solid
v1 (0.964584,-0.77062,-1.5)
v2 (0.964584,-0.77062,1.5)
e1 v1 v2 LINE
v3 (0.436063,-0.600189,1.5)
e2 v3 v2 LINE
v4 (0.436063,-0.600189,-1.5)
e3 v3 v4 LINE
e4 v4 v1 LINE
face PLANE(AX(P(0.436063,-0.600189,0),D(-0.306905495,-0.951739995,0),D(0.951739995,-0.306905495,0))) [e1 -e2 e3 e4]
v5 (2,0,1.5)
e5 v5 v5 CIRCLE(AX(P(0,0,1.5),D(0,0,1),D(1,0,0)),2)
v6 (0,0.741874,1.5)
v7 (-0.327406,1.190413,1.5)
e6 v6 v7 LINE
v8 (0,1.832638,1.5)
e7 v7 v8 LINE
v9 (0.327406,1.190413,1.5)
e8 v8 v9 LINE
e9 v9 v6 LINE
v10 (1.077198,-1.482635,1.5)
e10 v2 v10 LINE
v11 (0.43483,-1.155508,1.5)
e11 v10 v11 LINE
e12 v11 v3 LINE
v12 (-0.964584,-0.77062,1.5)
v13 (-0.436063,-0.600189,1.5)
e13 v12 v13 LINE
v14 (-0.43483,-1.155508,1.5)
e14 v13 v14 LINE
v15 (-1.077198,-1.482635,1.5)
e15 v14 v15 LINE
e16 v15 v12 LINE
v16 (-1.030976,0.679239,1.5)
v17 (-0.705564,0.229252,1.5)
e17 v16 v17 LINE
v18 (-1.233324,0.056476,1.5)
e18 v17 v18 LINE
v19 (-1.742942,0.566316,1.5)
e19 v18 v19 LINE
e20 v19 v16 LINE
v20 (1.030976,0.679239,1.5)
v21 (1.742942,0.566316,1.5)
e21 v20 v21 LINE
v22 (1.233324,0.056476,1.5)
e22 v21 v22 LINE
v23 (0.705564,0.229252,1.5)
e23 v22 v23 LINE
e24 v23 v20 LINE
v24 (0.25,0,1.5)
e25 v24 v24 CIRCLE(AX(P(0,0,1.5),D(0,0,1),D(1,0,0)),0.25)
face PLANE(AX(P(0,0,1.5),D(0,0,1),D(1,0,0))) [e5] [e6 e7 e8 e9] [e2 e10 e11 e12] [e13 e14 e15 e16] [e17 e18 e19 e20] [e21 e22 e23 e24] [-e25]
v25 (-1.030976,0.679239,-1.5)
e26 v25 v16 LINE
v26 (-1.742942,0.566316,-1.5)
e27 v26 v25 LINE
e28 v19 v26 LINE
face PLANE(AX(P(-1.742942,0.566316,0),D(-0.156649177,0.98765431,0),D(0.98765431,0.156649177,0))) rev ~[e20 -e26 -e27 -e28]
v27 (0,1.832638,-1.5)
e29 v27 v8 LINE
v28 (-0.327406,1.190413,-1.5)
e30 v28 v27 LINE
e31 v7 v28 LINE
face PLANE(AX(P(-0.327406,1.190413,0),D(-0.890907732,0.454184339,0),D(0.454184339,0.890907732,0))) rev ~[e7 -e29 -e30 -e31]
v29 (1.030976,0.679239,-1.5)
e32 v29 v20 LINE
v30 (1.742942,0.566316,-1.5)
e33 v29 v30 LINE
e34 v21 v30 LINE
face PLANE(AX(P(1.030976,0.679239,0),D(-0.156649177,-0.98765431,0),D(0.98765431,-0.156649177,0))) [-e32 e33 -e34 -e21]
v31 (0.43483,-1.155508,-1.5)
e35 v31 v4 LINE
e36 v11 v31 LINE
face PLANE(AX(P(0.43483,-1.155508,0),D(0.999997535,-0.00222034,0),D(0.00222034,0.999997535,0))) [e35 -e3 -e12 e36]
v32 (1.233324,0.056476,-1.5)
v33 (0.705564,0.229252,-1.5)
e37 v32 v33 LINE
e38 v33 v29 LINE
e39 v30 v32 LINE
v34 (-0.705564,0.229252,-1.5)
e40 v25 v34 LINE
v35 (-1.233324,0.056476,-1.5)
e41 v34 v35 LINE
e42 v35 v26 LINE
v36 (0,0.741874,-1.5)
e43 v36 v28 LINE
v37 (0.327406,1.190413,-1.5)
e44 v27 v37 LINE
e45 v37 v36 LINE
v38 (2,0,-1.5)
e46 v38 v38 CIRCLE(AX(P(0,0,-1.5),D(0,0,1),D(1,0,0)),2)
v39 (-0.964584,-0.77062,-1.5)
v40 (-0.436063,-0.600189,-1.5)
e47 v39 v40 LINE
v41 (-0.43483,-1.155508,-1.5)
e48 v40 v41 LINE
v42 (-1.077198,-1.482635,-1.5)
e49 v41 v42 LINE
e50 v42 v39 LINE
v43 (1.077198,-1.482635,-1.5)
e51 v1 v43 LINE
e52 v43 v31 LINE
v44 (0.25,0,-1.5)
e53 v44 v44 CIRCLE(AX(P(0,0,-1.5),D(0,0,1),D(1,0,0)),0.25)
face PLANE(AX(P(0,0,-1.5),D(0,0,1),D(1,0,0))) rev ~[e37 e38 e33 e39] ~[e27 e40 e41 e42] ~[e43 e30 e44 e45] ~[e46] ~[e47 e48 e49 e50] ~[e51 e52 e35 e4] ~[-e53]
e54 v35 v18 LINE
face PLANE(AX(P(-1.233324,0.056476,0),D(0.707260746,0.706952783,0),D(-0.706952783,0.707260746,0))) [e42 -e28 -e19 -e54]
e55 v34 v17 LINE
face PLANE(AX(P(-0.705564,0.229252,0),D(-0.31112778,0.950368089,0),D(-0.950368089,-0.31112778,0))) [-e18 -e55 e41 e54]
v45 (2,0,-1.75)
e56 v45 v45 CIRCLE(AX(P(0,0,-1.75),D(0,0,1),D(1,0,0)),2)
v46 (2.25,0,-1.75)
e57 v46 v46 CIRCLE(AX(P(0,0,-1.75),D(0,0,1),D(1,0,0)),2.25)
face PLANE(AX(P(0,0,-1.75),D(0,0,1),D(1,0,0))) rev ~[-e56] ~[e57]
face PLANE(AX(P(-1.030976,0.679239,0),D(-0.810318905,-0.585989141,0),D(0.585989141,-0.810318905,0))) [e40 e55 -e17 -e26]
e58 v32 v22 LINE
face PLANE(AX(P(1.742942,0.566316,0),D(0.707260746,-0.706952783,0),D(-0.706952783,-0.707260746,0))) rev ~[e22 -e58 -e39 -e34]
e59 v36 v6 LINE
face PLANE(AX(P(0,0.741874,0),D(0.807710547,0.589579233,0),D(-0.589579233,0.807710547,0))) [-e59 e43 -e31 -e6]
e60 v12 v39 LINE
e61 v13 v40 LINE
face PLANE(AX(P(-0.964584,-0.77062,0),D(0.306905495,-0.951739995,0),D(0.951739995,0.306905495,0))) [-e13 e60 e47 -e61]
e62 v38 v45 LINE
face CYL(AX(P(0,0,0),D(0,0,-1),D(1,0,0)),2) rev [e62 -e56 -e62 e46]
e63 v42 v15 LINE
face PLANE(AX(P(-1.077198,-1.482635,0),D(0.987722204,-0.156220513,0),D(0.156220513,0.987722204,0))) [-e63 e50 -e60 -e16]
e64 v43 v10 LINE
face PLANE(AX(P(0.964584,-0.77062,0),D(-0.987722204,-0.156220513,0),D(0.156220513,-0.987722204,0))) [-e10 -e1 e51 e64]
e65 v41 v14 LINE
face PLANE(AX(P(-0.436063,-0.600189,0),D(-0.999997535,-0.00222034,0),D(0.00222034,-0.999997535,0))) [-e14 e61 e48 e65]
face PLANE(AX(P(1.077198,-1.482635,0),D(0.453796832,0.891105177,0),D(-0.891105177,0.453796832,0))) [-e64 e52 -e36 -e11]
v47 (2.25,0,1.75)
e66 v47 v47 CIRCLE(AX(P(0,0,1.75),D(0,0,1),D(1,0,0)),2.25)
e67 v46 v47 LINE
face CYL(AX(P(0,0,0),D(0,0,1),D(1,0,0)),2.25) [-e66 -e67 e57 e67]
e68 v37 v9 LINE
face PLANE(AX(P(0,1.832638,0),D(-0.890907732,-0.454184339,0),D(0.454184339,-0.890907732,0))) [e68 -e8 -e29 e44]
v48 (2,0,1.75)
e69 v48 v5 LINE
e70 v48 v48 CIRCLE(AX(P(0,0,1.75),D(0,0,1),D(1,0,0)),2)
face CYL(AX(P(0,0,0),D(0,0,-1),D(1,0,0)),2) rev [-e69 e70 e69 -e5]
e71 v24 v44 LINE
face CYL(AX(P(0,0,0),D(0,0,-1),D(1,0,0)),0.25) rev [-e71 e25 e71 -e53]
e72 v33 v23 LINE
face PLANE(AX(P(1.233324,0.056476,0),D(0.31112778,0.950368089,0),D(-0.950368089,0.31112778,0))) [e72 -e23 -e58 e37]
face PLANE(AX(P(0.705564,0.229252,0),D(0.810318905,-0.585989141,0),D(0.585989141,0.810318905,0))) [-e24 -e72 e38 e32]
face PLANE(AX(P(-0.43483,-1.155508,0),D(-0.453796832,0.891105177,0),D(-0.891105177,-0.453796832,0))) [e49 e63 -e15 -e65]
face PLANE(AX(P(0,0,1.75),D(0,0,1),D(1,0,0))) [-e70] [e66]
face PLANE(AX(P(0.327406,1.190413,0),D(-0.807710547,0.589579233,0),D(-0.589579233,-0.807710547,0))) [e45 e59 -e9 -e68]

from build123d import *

# Parameters (mm, degrees)
F0_R     = 2
F0_R_2   = 0.25
F1_DEPTH = 1.5
F0_R_3   = 2.25
F2_DEPTH = 1.75


with BuildPart() as f1:
    # F0 (on Top) → F1 (new body, symmetric)
    with BuildSketch(Plane.XY):
        Circle(F0_R)
        Polygon((-0.43483, -1.155508), (-1.077198, -1.482635), (-0.964584, -0.77062), (-0.436063, -0.600189), align=None, mode=Mode.SUBTRACT)
        Polygon((0.964584, -0.77062), (1.077198, -1.482635), (0.43483, -1.155508), (0.436063, -0.600189), align=None, mode=Mode.SUBTRACT)
        Polygon((-1.233324, 0.056476), (-1.742942, 0.566316), (-1.030976, 0.679239), (-0.705564, 0.229252), align=None, mode=Mode.SUBTRACT)
        Circle(F0_R_2, mode=Mode.SUBTRACT)
        Polygon((1.030976, 0.679239), (1.742942, 0.566316), (1.233324, 0.056476), (0.705564, 0.229252), align=None, mode=Mode.SUBTRACT)
        Polygon((-0.327406, 1.190413), (0, 1.832638), (0.327406, 1.190413), (0, 0.741874), align=None, mode=Mode.SUBTRACT)
    extrude(amount=F1_DEPTH, both=True)

    # F0 (on Top) → F2 (join, symmetric)
    with BuildSketch(Plane.XY):
        Circle(F0_R_3)
        Circle(F0_R, mode=Mode.SUBTRACT)
    extrude(amount=F2_DEPTH, both=True)


solid = f1.part
